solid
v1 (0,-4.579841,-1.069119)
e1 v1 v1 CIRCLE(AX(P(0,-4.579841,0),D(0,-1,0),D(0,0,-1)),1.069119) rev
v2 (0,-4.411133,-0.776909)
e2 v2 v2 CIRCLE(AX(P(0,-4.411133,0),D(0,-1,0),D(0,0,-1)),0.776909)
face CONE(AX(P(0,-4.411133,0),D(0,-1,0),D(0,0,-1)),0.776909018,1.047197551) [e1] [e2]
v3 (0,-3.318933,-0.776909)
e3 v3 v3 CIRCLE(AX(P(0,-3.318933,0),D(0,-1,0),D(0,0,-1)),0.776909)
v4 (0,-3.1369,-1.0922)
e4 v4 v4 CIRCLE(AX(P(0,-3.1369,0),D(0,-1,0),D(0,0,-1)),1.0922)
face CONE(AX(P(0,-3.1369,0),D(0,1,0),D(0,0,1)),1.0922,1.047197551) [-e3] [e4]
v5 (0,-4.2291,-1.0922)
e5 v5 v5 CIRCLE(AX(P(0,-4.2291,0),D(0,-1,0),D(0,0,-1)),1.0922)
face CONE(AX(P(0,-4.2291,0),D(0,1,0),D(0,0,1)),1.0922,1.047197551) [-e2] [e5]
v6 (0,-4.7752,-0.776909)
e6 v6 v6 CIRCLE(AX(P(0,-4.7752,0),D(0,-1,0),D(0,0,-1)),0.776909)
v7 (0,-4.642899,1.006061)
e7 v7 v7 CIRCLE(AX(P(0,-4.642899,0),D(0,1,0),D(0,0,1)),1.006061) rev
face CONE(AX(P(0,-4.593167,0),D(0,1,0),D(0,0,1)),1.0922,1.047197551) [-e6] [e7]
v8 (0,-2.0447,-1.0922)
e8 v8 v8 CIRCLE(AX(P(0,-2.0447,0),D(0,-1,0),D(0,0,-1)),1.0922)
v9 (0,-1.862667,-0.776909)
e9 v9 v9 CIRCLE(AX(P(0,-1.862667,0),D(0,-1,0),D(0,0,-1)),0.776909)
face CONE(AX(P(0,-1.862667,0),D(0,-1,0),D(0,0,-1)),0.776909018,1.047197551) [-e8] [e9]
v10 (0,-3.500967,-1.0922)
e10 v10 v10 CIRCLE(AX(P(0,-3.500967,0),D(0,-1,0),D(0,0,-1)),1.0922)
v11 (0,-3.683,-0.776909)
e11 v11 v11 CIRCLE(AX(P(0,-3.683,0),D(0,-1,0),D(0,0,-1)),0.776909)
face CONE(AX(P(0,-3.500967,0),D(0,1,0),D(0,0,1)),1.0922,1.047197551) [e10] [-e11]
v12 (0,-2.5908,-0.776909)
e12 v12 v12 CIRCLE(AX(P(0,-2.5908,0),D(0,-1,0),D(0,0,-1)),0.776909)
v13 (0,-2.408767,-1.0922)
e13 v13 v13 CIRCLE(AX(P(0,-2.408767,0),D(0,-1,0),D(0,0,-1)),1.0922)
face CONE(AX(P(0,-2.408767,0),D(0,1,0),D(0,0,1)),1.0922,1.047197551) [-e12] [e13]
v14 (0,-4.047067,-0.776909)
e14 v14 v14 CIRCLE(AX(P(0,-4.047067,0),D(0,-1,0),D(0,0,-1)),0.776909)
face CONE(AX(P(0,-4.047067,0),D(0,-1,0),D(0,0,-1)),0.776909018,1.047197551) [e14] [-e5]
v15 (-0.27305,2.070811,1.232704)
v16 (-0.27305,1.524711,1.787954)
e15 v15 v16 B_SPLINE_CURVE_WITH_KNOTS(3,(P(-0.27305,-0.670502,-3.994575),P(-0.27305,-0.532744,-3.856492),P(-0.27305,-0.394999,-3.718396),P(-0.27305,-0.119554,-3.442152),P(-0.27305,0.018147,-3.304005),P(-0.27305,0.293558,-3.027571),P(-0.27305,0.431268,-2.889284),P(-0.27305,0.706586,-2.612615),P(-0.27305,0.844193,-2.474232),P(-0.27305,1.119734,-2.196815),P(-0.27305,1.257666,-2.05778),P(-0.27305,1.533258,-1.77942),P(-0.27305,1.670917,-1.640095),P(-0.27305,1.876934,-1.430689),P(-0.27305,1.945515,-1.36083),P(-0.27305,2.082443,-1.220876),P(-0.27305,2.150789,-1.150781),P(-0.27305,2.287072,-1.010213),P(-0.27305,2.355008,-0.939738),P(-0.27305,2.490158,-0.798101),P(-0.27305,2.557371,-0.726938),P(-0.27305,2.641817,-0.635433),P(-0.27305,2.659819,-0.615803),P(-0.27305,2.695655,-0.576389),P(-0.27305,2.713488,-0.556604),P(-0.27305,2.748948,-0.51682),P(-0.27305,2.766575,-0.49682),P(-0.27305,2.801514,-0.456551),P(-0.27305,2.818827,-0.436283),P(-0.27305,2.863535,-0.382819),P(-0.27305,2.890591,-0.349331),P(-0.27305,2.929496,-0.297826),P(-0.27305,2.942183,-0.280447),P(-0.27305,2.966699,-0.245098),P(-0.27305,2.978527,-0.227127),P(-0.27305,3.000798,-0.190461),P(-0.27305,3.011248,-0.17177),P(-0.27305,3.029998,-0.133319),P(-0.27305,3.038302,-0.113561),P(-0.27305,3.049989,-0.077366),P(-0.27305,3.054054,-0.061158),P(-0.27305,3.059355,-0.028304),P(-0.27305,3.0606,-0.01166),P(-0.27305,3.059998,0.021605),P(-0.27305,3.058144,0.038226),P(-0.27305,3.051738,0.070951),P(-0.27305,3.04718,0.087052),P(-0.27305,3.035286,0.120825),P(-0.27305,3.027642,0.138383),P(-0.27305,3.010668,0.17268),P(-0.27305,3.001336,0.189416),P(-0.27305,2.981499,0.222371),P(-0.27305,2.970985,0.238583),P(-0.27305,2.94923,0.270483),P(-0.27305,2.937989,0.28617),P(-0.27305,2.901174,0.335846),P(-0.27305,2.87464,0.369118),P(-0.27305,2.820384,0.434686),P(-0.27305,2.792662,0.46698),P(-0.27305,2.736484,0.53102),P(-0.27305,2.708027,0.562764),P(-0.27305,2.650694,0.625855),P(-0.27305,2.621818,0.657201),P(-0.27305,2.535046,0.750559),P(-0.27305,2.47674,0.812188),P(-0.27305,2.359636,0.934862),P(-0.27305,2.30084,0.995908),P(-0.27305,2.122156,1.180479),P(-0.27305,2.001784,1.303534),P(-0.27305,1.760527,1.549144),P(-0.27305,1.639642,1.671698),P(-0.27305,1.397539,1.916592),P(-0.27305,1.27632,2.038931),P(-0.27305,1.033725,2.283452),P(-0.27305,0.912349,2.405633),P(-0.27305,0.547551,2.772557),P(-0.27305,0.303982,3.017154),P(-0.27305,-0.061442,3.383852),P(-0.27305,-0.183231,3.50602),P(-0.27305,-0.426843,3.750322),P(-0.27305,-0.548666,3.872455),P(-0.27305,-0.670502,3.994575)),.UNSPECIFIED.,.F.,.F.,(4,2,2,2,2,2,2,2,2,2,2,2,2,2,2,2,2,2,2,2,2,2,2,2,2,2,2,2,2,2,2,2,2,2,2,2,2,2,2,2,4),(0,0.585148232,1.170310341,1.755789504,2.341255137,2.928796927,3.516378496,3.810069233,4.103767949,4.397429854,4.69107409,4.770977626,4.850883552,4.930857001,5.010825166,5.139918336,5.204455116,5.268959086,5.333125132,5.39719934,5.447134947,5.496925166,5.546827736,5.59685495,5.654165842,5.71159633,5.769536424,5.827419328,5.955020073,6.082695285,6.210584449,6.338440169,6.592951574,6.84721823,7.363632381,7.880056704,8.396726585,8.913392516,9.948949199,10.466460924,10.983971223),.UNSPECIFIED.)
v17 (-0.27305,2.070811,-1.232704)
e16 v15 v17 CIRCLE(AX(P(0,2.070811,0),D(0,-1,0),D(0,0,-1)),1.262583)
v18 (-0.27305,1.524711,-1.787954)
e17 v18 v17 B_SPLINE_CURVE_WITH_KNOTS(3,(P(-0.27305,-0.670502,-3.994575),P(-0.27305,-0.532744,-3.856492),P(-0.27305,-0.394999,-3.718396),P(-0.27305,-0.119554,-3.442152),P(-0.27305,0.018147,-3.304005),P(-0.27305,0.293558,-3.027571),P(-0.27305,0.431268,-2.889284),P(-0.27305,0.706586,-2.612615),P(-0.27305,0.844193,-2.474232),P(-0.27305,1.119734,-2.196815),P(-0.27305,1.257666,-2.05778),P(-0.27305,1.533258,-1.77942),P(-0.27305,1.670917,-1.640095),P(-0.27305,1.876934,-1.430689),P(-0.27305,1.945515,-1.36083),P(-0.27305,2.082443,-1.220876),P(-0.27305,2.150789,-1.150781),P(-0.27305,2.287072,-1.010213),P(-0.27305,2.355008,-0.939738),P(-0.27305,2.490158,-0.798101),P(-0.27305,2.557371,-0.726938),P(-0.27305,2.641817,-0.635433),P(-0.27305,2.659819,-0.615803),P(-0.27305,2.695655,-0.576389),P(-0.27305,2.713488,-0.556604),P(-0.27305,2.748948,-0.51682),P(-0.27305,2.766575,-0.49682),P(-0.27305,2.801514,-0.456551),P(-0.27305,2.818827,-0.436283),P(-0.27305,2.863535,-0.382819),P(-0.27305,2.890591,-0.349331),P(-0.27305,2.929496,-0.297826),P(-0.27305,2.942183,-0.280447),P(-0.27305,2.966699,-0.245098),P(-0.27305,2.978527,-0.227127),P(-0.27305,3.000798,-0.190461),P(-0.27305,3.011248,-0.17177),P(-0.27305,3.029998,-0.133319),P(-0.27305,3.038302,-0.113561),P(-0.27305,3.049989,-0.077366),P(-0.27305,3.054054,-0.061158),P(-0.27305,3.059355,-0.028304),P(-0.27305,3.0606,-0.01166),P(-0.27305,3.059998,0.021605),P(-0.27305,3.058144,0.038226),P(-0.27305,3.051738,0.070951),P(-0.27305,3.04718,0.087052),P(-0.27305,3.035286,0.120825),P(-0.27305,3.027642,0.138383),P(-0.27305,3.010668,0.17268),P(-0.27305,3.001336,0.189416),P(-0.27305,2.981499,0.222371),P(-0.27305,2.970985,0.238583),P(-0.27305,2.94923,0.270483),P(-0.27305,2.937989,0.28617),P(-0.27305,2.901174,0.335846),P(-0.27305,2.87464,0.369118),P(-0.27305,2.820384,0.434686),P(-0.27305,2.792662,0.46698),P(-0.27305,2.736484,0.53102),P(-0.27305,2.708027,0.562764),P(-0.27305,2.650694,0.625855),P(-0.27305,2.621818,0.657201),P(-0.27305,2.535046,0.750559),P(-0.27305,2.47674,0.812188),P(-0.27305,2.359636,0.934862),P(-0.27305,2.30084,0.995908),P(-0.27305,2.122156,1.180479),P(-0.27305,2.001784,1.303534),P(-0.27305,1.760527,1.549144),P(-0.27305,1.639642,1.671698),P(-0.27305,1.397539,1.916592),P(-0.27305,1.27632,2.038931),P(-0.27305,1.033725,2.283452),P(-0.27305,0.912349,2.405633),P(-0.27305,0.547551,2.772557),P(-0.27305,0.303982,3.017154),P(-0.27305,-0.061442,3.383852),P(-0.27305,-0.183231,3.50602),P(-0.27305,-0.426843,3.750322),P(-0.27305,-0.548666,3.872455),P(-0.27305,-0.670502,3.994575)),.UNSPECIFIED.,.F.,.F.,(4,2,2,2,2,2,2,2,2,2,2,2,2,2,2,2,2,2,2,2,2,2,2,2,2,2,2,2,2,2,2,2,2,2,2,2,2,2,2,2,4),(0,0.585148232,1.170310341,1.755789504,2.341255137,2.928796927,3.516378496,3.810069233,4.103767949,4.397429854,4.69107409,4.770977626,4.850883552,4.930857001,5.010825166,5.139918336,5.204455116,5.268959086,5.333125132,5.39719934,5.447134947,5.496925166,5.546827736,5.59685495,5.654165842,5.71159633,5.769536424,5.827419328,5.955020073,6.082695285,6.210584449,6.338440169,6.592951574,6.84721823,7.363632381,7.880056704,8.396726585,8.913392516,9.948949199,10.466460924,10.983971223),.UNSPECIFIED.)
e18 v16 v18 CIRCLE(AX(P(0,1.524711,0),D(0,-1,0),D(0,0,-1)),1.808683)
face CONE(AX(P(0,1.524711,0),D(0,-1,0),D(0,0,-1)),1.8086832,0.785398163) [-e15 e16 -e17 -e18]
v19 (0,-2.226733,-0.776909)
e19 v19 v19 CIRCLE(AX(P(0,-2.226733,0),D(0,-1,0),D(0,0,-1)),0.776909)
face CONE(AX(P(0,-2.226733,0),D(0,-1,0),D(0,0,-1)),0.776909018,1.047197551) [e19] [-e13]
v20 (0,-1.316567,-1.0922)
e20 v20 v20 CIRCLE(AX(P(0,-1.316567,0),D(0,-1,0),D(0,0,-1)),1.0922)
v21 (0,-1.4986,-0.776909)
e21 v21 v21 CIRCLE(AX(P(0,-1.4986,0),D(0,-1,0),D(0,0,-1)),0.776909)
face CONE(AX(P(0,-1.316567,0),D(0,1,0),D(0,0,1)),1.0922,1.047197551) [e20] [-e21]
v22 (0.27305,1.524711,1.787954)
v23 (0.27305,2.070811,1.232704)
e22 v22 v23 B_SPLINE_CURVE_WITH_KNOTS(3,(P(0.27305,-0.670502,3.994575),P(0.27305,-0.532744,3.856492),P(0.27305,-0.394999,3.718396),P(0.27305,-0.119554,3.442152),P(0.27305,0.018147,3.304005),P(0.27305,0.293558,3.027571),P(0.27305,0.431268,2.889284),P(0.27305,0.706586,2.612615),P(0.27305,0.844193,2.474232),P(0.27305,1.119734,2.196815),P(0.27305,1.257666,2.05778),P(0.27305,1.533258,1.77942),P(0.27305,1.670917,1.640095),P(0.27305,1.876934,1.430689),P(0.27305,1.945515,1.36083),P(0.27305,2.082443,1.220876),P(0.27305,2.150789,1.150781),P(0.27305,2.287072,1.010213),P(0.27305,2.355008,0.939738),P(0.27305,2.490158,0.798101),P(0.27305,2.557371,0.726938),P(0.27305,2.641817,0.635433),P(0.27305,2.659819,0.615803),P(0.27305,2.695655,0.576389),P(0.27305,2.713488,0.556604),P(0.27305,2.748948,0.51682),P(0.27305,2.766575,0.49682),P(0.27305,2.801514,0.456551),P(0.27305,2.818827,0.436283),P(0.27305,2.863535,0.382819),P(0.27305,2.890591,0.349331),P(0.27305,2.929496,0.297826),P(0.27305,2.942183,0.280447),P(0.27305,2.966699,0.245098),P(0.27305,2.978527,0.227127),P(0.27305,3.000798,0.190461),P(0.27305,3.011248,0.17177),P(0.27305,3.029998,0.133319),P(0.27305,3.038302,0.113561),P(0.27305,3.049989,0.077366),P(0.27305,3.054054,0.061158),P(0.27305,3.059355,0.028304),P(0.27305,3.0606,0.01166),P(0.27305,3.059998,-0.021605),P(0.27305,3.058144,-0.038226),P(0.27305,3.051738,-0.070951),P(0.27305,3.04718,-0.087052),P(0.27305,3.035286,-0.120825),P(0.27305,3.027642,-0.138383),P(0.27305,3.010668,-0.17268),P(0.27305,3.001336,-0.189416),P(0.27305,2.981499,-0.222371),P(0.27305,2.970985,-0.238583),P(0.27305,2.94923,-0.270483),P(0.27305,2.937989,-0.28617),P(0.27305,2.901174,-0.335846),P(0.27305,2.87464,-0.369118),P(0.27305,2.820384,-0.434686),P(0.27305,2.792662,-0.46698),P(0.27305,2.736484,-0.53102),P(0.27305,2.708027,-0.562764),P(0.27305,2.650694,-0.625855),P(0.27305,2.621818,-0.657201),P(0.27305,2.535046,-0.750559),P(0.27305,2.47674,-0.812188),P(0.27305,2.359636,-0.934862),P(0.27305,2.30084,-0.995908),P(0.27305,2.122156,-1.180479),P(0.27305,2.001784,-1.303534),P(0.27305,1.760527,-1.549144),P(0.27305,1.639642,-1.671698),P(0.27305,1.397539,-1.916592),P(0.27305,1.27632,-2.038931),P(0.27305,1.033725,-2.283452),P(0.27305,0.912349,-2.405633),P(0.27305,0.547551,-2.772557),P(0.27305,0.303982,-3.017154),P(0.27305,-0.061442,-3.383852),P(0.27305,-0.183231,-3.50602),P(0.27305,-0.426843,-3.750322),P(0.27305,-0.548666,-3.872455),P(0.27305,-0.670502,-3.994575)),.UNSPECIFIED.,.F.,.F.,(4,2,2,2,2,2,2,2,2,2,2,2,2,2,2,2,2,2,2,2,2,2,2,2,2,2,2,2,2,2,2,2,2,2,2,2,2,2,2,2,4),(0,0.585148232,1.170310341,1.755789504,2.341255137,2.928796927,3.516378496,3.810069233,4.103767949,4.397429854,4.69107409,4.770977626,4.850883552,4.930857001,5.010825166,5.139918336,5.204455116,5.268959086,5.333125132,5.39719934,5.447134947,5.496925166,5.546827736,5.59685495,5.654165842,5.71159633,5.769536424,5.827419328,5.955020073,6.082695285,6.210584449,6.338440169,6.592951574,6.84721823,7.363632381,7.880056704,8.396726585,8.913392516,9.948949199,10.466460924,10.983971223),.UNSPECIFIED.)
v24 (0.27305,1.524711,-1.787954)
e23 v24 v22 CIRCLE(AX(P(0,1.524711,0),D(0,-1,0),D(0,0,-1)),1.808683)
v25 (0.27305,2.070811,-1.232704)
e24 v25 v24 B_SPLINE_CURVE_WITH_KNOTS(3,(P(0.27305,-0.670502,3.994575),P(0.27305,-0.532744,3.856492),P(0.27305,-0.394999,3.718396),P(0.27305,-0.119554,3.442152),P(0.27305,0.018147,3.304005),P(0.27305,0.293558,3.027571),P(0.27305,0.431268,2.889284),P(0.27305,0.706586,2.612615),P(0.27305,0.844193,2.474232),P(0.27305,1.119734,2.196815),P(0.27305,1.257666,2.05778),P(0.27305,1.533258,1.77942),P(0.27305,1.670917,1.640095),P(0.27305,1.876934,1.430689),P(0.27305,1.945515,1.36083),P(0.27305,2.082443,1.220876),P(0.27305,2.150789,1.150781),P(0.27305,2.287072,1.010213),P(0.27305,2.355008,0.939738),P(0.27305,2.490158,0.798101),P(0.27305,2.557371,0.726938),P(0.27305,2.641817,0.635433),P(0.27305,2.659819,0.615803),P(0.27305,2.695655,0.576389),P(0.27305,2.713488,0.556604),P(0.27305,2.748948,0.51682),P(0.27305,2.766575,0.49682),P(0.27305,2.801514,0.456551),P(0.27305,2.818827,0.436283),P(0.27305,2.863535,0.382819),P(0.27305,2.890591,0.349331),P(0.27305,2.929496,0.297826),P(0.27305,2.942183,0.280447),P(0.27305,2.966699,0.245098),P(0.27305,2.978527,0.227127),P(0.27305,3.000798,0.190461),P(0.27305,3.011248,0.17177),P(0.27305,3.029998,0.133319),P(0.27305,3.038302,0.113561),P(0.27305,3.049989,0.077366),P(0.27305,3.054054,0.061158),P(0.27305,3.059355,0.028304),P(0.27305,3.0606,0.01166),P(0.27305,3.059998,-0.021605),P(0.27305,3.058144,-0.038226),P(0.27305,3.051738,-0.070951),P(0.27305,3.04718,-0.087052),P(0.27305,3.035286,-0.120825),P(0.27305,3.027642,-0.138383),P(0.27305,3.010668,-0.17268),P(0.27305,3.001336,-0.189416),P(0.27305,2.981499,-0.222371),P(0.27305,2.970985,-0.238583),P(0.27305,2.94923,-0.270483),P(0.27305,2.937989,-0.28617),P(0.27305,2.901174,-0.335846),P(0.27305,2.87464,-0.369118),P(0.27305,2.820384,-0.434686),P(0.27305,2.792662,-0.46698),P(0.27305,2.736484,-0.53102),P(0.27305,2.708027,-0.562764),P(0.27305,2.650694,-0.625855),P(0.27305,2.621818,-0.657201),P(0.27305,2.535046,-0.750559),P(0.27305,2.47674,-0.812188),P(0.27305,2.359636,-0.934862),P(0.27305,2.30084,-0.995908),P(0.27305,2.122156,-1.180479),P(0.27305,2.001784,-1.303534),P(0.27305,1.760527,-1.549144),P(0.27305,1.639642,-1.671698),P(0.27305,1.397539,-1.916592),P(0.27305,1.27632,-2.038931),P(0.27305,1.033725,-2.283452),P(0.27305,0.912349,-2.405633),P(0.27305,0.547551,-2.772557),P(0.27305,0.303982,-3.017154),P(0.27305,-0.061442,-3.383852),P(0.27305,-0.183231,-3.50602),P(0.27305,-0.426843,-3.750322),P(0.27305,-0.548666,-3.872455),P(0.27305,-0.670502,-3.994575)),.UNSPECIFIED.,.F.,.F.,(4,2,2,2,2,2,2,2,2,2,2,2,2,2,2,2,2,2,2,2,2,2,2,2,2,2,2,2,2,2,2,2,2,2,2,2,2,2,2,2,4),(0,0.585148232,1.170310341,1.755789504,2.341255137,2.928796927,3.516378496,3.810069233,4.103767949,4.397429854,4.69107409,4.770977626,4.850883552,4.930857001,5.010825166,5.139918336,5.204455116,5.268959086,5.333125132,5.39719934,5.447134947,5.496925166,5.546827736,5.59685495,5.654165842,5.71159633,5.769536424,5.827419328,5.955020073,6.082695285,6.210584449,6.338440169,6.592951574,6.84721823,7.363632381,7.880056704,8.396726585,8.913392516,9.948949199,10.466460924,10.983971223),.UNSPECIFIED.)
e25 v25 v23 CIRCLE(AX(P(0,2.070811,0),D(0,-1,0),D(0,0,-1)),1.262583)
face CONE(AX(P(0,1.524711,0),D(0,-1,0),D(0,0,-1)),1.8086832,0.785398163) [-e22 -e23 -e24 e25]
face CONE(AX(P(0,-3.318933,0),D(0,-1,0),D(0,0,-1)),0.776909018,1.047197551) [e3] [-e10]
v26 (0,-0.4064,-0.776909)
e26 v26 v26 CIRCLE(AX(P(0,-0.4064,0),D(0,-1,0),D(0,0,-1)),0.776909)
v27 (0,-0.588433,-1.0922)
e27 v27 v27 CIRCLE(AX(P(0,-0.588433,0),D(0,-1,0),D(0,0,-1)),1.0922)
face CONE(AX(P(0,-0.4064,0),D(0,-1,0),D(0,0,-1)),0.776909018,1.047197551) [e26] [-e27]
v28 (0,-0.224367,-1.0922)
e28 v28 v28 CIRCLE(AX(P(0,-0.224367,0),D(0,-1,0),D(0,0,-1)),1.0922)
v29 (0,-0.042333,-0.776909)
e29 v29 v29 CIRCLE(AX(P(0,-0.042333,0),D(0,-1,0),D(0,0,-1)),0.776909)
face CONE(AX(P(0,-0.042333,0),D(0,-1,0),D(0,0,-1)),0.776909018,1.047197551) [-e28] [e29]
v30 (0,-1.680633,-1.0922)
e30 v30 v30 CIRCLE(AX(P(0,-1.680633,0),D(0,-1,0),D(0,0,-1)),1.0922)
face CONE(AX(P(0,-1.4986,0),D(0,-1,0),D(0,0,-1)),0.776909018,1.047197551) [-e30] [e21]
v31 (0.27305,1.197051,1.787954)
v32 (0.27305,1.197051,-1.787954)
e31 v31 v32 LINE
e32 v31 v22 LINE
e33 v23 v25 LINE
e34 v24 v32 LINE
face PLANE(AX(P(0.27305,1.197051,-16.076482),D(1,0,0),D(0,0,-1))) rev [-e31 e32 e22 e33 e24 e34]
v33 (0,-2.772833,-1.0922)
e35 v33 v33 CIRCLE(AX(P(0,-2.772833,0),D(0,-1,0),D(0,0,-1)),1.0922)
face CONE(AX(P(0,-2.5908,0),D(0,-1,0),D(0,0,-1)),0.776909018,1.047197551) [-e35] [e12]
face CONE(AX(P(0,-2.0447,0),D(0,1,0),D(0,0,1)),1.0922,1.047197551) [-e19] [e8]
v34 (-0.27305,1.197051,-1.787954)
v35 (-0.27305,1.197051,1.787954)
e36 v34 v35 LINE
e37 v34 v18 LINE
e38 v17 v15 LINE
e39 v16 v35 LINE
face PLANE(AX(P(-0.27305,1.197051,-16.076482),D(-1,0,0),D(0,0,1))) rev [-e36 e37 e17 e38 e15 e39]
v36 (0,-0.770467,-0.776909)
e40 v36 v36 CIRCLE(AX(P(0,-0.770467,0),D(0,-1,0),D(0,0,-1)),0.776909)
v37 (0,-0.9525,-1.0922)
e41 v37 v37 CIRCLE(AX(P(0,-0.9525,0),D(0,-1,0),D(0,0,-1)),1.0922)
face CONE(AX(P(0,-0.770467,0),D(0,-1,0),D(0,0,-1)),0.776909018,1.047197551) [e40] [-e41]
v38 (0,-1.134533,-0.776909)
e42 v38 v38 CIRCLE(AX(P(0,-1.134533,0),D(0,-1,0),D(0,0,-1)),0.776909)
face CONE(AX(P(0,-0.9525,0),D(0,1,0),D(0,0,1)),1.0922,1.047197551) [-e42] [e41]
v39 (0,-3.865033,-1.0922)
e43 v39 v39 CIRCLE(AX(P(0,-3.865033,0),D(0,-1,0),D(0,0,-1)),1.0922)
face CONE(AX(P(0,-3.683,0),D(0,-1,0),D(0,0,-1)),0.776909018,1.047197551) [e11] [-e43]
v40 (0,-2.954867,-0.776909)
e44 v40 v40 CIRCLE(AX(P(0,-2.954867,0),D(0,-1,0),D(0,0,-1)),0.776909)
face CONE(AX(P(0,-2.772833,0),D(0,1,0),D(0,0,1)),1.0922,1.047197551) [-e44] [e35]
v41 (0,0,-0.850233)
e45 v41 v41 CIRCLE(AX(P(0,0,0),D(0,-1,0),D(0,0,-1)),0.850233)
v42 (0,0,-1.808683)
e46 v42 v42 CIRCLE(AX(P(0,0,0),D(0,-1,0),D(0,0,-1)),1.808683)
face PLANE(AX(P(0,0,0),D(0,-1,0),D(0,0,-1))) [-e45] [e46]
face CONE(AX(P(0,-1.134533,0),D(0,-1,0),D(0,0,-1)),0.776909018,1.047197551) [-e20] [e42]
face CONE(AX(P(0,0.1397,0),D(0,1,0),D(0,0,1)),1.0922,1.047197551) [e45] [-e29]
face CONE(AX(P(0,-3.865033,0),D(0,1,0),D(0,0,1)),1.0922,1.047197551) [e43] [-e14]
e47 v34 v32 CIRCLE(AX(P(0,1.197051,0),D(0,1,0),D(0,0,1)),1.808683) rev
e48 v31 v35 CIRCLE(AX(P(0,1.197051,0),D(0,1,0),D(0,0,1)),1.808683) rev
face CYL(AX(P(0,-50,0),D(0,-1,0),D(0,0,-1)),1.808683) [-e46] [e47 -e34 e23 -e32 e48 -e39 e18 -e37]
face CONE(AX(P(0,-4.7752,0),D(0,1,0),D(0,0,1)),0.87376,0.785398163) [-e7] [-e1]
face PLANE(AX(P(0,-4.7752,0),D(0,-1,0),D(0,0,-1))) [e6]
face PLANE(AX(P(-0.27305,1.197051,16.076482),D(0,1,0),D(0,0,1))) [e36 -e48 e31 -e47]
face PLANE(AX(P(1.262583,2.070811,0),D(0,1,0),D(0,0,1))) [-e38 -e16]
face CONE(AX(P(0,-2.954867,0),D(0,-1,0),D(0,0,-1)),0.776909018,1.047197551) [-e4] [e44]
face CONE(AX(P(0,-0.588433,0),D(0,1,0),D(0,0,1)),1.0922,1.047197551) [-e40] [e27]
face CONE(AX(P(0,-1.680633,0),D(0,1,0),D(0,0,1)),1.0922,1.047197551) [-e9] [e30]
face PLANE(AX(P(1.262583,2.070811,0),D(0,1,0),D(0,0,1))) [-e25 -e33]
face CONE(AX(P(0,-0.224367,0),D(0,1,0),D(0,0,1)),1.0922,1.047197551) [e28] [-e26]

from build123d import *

# Parameters (mm, degrees)
SKETCH2_W            = 0.5461
SKETCH2_H            = 32.152963302
HEX_CUT_DRIVEN_DEPTH = 0.87376


with BuildPart() as part:
    # Sketch3 → Shank Revolve ( driven ) (revolve)
    with BuildSketch(Plane.XY, mode=Mode.PRIVATE) as shank_revolve_driven_sk:
        Polygon((0, 1.1970512), (0, -4.7752), (0.87376, -4.7752), (1.0922, -4.55676), (1.0922, 1.1970512), align=None)
    revolve(shank_revolve_driven_sk.sketch.rotate(Axis((0, -50, 0), (0, 1, 0)), 90), axis=Axis((0, -50, 0), (0, 1, 0)))

    # Sketch4 → Thread Revolve Cut ( driven ) (revolve, cut)
    with BuildSketch(Plane.XY, mode=Mode.PRIVATE) as thread_revolve_cut_driven_sk:
        Polygon((0.776909018, 0.6858), (1.0922, 0.867833333), (1.6002, 0.867833333), (1.6002, -5.685366667), (1.0922, -5.685366667), (0.776909018, -5.503333333), (1.0922, -5.3213), (0.776909018, -5.139266667), (1.0922, -4.957233333), (0.776909018, -4.7752), (1.0922, -4.593166667), (0.776909018, -4.411133333), (1.0922, -4.2291), (0.776909018, -4.047066667), (1.0922, -3.865033333), (0.776909018, -3.683), (1.0922, -3.500966667), (0.776909018, -3.318933333), (1.0922, -3.1369), (0.776909018, -2.954866667), (1.0922, -2.772833333), (0.776909018, -2.5908), (1.0922, -2.408766667), (0.776909018, -2.226733333), (1.0922, -2.0447), (0.776909018, -1.862666667), (1.0922, -1.680633333), (0.776909018, -1.4986), (1.0922, -1.316566667), (0.776909018, -1.134533333), (1.0922, -0.9525), (0.776909018, -0.770466667), (1.0922, -0.588433333), (0.776909018, -0.4064), (1.0922, -0.224366667), (0.776909018, -0.042333333), (1.0922, 0.1397), (0.776909018, 0.321733333), (1.0922, 0.503766667), align=None)
    revolve(thread_revolve_cut_driven_sk.sketch.rotate(Axis((0, -50, 0), (0, 1, 0)), 90), axis=Axis((0, -50, 0), (0, 1, 0)), mode=Mode.SUBTRACT)

    # Sketch5 → Head Revolve ( driven ) (revolve)
    with BuildSketch(Plane.XY, mode=Mode.PRIVATE) as head_revolve_driven_sk:
        Polygon((0, 2.0708112), (0, 0), (1.8086832, 0), (1.8086832, 1.5247112), (1.2625832, 2.0708112), align=None)
    revolve(head_revolve_driven_sk.sketch.rotate(Axis((0, -50, 0), (0, 1, 0)), 90), axis=Axis((0, -50, 0), (0, 1, 0)))

    # Sketch2 → Hex Cut ( driven ) (cut)
    with BuildSketch(Plane(origin=(0, 2.0708112, 0), x_dir=(-1, 0, 0), z_dir=(0, 1, 0))):
        Rectangle(SKETCH2_W, SKETCH2_H)
    extrude(amount=-HEX_CUT_DRIVEN_DEPTH, mode=Mode.SUBTRACT)


solid = part.part
